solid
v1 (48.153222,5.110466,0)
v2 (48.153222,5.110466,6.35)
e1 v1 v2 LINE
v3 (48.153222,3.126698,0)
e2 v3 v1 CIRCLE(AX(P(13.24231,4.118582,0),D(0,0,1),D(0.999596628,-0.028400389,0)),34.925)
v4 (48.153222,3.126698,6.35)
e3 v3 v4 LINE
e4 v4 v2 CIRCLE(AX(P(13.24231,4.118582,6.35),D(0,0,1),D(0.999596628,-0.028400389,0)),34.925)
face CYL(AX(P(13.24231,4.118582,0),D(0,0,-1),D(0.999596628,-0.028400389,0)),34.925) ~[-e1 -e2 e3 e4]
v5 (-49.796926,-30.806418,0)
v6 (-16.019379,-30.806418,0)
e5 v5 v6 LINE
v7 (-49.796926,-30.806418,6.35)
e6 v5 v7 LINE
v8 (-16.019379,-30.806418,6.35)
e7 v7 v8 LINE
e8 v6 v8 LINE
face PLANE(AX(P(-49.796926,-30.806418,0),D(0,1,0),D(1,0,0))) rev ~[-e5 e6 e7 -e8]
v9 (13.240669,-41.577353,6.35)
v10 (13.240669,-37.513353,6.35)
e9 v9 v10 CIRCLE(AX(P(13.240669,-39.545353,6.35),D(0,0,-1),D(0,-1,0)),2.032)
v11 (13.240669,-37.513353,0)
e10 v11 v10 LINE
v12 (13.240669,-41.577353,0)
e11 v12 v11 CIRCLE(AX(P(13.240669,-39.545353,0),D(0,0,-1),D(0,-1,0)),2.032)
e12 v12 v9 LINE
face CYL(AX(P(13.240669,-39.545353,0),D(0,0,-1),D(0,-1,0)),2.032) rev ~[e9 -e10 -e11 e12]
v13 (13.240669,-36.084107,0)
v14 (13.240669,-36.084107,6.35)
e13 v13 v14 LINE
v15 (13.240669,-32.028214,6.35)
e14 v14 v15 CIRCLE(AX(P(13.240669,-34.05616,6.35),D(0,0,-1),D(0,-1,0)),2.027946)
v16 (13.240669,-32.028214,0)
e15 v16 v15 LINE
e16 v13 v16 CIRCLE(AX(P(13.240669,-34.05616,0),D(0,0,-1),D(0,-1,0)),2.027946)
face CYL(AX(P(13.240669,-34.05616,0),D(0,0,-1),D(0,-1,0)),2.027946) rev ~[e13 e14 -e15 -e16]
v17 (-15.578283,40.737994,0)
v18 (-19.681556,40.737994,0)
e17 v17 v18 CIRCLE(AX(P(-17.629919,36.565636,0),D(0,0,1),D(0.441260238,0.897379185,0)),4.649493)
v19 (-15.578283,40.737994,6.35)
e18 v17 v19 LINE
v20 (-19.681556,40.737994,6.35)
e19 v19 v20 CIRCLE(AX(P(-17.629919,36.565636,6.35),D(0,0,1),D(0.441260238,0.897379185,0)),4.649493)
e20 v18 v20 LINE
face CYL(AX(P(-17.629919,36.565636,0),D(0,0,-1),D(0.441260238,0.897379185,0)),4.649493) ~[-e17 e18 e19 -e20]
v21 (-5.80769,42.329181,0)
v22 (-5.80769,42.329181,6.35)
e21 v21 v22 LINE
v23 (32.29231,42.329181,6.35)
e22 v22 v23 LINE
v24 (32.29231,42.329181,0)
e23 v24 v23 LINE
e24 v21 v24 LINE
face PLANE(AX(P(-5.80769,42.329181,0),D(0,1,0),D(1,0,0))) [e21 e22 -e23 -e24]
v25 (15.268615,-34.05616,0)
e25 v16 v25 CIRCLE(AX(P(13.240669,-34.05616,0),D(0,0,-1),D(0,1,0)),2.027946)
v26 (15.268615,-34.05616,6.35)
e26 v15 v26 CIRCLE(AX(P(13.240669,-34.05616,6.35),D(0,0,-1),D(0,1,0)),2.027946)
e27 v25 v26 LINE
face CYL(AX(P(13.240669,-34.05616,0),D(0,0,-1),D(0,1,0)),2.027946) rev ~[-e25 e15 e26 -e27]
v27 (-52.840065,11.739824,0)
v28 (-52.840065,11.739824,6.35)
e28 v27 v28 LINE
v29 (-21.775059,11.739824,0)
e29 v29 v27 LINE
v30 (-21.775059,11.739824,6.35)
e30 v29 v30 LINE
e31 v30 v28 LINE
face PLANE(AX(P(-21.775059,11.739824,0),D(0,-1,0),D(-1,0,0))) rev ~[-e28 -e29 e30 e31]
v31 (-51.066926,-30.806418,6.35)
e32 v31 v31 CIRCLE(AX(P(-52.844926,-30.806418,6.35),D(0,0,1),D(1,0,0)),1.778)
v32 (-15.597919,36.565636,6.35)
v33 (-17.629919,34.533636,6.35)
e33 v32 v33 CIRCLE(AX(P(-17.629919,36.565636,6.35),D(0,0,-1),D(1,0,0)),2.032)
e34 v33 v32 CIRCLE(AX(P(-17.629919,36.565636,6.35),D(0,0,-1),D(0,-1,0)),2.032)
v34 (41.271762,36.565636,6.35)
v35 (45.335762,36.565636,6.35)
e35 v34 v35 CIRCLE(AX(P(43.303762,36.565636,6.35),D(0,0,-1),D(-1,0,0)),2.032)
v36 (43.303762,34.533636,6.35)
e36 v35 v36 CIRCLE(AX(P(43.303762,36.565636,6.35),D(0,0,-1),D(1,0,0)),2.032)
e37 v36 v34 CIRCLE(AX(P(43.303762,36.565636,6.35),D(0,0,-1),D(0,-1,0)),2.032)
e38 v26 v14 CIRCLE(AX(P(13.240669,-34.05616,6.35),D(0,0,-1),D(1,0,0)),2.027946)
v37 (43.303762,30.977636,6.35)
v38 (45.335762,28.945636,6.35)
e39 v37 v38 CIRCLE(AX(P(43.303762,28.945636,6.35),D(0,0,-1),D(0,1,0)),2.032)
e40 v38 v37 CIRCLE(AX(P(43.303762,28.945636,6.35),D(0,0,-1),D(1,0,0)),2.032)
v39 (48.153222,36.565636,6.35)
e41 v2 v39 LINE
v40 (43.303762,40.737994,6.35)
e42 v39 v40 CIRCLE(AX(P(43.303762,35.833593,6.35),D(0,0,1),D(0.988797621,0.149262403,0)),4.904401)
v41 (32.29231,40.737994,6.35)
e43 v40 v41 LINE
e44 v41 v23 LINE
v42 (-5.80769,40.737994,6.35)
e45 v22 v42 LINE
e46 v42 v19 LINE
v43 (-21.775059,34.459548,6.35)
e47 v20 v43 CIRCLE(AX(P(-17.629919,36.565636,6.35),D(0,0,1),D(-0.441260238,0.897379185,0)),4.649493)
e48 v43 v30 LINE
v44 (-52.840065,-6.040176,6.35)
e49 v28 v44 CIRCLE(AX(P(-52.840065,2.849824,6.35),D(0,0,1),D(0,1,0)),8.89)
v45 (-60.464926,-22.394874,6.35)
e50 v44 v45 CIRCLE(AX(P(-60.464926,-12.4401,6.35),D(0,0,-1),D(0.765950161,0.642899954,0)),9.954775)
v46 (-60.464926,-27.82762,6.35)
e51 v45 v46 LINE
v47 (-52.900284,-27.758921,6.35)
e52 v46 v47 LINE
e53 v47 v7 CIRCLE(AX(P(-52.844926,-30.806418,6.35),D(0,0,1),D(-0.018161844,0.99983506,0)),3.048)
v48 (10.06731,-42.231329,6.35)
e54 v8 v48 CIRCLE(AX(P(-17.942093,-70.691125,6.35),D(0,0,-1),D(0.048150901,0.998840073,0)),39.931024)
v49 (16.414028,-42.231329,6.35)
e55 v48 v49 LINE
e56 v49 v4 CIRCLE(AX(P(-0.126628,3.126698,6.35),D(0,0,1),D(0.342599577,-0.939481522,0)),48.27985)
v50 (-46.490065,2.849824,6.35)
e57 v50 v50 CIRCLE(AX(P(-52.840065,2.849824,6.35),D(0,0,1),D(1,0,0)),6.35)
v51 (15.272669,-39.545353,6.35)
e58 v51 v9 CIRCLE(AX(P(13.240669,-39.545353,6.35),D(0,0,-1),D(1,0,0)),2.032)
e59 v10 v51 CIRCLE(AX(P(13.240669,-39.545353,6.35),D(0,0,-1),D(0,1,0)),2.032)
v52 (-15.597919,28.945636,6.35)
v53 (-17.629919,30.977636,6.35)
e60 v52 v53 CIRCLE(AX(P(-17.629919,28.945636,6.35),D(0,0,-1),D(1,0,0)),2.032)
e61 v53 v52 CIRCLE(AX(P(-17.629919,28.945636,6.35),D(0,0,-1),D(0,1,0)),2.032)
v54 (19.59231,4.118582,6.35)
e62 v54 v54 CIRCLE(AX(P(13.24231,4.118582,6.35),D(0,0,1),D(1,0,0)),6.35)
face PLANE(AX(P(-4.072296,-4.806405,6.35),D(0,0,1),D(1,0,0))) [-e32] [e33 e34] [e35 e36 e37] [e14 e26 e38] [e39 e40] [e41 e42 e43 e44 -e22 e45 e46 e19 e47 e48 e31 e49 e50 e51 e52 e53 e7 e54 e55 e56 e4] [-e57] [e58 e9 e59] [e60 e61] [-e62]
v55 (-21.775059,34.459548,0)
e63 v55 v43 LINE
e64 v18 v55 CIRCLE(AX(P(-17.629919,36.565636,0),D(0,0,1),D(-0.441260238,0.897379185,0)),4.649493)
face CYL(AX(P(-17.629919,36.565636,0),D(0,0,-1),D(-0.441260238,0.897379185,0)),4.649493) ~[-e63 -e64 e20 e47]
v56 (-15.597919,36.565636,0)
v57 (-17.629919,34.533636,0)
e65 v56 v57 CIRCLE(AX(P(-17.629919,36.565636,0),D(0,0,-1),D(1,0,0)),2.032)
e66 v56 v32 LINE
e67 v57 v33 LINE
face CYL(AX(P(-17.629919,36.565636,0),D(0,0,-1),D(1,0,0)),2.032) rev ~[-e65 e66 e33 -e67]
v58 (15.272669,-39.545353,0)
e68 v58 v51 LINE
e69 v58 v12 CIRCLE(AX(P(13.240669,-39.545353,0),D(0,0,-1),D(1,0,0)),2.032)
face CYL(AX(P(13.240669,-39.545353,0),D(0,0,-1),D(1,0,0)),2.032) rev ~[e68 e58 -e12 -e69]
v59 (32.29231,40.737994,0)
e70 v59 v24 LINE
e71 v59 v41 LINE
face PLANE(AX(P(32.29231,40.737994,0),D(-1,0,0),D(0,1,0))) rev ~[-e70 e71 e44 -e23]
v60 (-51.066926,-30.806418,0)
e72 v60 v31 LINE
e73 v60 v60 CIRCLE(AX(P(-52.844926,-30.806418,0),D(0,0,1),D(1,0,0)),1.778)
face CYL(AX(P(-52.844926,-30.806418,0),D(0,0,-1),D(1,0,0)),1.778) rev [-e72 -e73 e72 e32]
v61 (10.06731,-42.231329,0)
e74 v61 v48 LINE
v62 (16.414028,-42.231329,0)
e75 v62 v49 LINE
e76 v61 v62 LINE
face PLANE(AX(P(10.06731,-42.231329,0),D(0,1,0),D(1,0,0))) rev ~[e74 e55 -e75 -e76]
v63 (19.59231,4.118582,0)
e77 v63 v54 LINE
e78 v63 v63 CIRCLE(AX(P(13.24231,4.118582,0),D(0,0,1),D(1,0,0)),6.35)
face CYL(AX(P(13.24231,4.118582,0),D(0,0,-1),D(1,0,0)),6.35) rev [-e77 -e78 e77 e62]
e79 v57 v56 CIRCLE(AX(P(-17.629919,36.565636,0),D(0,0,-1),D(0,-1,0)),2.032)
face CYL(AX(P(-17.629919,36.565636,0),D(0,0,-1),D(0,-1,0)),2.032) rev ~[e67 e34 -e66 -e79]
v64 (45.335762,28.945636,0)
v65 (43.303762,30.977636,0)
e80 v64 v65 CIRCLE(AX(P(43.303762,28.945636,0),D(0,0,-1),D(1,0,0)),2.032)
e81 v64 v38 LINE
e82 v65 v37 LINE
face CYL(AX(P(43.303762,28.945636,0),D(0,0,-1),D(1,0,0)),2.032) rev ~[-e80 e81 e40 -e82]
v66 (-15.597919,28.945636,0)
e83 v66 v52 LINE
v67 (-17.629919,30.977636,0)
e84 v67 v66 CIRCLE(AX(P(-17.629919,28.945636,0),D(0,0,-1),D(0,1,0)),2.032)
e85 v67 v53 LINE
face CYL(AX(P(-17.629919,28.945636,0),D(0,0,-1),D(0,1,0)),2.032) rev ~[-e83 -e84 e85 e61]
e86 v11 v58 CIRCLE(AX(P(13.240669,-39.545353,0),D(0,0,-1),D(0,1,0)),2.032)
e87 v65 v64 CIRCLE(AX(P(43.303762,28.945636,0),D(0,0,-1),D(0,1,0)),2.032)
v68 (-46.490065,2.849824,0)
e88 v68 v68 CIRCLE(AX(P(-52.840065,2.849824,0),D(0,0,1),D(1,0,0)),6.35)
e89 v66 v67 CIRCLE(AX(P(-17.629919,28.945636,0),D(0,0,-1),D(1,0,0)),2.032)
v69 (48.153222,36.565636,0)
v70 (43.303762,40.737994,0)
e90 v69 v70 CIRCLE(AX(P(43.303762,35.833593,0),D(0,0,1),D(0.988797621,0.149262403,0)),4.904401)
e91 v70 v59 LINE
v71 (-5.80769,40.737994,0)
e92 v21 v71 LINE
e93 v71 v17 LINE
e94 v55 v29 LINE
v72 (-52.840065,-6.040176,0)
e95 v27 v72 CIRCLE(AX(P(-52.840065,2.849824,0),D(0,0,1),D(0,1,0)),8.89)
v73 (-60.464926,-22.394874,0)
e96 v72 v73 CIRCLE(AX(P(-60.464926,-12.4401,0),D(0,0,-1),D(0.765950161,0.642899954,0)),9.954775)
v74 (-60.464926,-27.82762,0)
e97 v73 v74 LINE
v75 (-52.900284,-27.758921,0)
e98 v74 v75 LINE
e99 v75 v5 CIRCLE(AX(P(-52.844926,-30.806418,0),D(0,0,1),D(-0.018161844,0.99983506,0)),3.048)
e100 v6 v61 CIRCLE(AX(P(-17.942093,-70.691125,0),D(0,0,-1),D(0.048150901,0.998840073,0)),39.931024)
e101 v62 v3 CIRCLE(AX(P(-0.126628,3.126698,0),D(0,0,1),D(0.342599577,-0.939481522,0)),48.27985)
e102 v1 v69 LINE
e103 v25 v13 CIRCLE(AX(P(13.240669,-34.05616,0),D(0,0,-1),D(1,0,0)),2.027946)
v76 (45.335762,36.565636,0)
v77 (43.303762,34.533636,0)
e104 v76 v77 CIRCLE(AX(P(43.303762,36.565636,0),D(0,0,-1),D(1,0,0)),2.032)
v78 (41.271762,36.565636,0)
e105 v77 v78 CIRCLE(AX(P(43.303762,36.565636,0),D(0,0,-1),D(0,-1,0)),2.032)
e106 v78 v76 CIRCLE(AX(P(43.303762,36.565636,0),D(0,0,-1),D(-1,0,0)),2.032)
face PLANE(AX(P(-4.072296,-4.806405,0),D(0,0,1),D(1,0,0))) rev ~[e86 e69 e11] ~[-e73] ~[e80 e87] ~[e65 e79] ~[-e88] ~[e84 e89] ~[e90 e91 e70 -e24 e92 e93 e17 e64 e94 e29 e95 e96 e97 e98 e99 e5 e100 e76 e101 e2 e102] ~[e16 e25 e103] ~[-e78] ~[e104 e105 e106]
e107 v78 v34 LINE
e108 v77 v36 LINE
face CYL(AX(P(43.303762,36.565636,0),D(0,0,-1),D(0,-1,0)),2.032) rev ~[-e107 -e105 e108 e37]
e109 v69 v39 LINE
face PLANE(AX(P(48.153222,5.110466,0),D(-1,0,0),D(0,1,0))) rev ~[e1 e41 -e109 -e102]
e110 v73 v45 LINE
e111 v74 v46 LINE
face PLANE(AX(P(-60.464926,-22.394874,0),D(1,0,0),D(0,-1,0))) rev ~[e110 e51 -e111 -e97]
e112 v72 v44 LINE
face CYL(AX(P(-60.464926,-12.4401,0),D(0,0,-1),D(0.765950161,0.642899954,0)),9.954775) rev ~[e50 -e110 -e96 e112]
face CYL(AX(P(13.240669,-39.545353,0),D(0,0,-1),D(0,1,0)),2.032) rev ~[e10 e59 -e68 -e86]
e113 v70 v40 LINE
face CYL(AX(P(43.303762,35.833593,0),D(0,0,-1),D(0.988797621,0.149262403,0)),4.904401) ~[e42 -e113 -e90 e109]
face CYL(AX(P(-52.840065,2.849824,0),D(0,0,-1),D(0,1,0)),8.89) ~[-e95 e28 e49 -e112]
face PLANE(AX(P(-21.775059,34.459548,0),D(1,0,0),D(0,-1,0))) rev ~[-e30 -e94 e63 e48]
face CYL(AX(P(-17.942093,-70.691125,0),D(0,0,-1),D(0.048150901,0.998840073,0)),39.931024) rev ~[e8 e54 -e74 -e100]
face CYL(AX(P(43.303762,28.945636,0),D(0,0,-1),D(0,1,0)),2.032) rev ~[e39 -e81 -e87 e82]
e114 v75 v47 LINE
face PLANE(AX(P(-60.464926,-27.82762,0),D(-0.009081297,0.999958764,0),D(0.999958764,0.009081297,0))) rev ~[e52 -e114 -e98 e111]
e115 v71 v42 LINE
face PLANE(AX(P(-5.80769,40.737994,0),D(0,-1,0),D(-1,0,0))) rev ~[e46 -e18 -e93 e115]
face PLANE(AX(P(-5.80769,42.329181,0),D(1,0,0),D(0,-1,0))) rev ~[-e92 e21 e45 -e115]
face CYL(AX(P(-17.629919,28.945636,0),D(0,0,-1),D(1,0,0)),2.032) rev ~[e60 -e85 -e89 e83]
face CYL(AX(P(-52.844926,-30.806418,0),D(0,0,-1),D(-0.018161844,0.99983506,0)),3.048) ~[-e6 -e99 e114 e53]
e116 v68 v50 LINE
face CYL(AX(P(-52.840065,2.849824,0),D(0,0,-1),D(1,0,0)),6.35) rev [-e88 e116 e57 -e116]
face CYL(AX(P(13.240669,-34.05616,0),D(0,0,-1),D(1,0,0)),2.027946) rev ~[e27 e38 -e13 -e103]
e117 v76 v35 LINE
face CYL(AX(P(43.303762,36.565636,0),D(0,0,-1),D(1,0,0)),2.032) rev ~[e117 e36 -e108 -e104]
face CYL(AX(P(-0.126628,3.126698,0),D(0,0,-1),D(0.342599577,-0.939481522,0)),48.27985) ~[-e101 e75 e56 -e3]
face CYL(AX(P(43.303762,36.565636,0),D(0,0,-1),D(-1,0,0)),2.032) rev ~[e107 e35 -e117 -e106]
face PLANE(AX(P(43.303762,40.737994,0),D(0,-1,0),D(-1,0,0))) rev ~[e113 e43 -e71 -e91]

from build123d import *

# Parameters (mm, degrees)
F0_R     = 1.778
F0_R_2   = 6.35
F0_W     = 38.1
F0_H     = 1.5911871894
F1_DEPTH = 6.35


with BuildPart() as f1:
    # F0 (on Top) → F1 (new body)
    with BuildSketch(Plane.XY):
        with BuildLine():
            Line((16.4140281489, -30.8064179522), (16.4140281489, -30.6620997704))
            ThreePointArc((16.4140281489, -30.6620997704), (38.6980048273, -19.7929887048), (48.1532220223, 3.1266984605))
            Line((48.1532220223, 3.1266984605), (48.1532220223, 5.1104656351))
            ThreePointArc((48.1532220223, 5.1104656351), (44.4486160884, 19.800484772), (34.8719360944, 31.5396486119))
            Line((34.8719360944, 31.5396486119), (32.2923098035, 36.5656356997))
            Line((32.2923098035, 36.5656356997), (32.2923098035, 40.7379940159))
            Line((32.2923098035, 40.7379940159), (-5.8076901965, 40.7379940159))
            Line((-5.8076901965, 40.7379940159), (-5.8076901965, 36.5656356997))
            Line((-5.8076901965, 36.5656356997), (-8.3873164875, 31.5396486119))
            ThreePointArc((-8.3873164875, 31.5396486119), (-18.0627806357, 19.7145570203), (-21.7750586109, 4.893410308))
            ThreePointArc((-21.7750586109, 4.893410308), (-21.4769400323, -0.6314389882), (-20.311434257, -6.0401755062))
            ThreePointArc((-20.311434257, -6.0401755062), (-16.1913746397, -14.967065801), (-9.7499520252, -22.3948741107))
            Line((-9.7499520252, -22.3948741107), (-52.8449263588, -22.3948741107))
            Line((-52.8449263588, -22.3948741107), (-60.4649263588, -22.3948741107))
            Line((-60.4649263588, -22.3948741107), (-60.4649263588, -27.8276202867))
            Line((-60.4649263588, -27.8276202867), (-52.9002836607, -27.758920689))
            ThreePointArc((-52.9002836607, -27.758920689), (-54.980526385, -32.9811631161), (-49.7969263588, -30.8064179522))
            Line((-49.7969263588, -30.8064179522), (-19.8648082777, -30.8064179522))
            ThreePointArc((-19.8648082777, -30.8064179522), (-17.9420934961, -30.7601008655), (-16.0193787145, -30.8064179522))
            Line((-16.0193787145, -30.8064179522), (10.0673098035, -30.8064179522))
            Line((10.0673098035, -30.8064179522), (13.2406689762, -30.8064179522))
            Line((13.2406689762, -30.8064179522), (16.4140281489, -30.8064179522))
        make_face()
        with Locations((-52.8449263588, -30.8064179522)):
            Circle(F0_R, mode=Mode.SUBTRACT)
        with Locations((13.2423098035, 4.1185820478)):
            Circle(F0_R_2, mode=Mode.SUBTRACT)
        with BuildLine():
            ThreePointArc((48.1532220223, 3.1266984605), (38.6980048273, -19.7929887048), (16.4140281489, -30.6620997704))
            Line((16.4140281489, -30.6620997704), (16.4140281489, -30.8064179522))
            Line((16.4140281489, -30.8064179522), (16.4140281489, -42.2313285658))
            ThreePointArc((16.4140281489, -42.2313285658), (39.4304466926, -24.5532899944), (48.1532220223, 3.1266984605))
        make_face()
        with BuildLine():
            Line((48.1532220223, 5.1104656351), (48.1532220223, 3.1266984605))
            ThreePointArc((48.1532220223, 3.1266984605), (48.1673098035, 4.1185820478), (48.1532220223, 5.1104656351))
        make_face()
        with BuildLine():
            Line((16.4140281489, -42.2313285658), (16.4140281489, -30.8064179522))
            Line((16.4140281489, -30.8064179522), (13.2406689762, -30.8064179522))
            Line((13.2406689762, -30.8064179522), (13.2406689762, -32.0282139509))
            ThreePointArc((13.2406689762, -32.0282139509), (14.6746436477, -32.6221857079), (15.2686154047, -34.0561603794))
            ThreePointArc((15.2686154047, -34.0561603794), (14.6746436477, -35.4901350508), (13.2406689762, -36.0841068079))
            Line((13.2406689762, -36.0841068079), (13.2406689762, -37.5133532824))
            ThreePointArc((13.2406689762, -37.5133532824), (14.6775099555, -38.108512303), (15.2726689762, -39.5453532824))
            ThreePointArc((15.2726689762, -39.5453532824), (14.6775099555, -40.9821942618), (13.2406689762, -41.5773532824))
            Line((13.2406689762, -41.5773532824), (13.2406689762, -42.2313285658))
            Line((13.2406689762, -42.2313285658), (16.4140281489, -42.2313285658))
        make_face()
        with BuildLine():
            ThreePointArc((34.8719360944, 31.5396486119), (44.4486160884, 19.800484772), (48.1532220223, 5.1104656351))
            Line((48.1532220223, 5.1104656351), (48.1532220223, 36.5656356997))
            ThreePointArc((48.1532220223, 36.5656356997), (46.5024271992, 39.5513463721), (43.3037619874, 40.7379940159))
            Line((43.3037619874, 40.7379940159), (32.2923098035, 40.7379940159))
            Line((32.2923098035, 40.7379940159), (32.2923098035, 36.5656356997))
            Line((32.2923098035, 36.5656356997), (34.8719360944, 31.5396486119))
        make_face()
        with BuildLine():
            ThreePointArc((45.3357619874, 28.9456356997), (41.866921008, 27.5087947203), (43.3037619874, 30.9776356997))
            ThreePointArc((43.3037619874, 30.9776356997), (44.7406029667, 30.3824766791), (45.3357619874, 28.9456356997))
        make_face(mode=Mode.SUBTRACT)
        with BuildLine():
            ThreePointArc((43.3037619874, 34.5336356997), (41.866921008, 35.1287947203), (41.2717619874, 36.5656356997))
            ThreePointArc((41.2717619874, 36.5656356997), (43.3037619874, 38.5976356997), (45.3357619874, 36.5656356997))
            ThreePointArc((45.3357619874, 36.5656356997), (44.7406029667, 35.1287947203), (43.3037619874, 34.5336356997))
        make_face(mode=Mode.SUBTRACT)
        with BuildLine():
            Line((13.2406689762, -32.0282139509), (13.2406689762, -30.8064179522))
            Line((13.2406689762, -30.8064179522), (10.0673098035, -30.8064179522))
            Line((10.0673098035, -30.8064179522), (10.0673098035, -42.2313285658))
            Line((10.0673098035, -42.2313285658), (13.2406689762, -42.2313285658))
            Line((13.2406689762, -42.2313285658), (13.2406689762, -41.5773532824))
            ThreePointArc((13.2406689762, -41.5773532824), (11.2086689762, -39.5453532824), (13.2406689762, -37.5133532824))
            Line((13.2406689762, -37.5133532824), (13.2406689762, -36.0841068079))
            ThreePointArc((13.2406689762, -36.0841068079), (11.2127225477, -34.0561603794), (13.2406689762, -32.0282139509))
        make_face()
        with BuildLine():
            Line((10.0673098035, -42.2313285658), (10.0673098035, -30.8064179522))
            Line((10.0673098035, -30.8064179522), (-16.0193787145, -30.8064179522))
            ThreePointArc((-16.0193787145, -30.8064179522), (-1.9228841261, -34.1141975872), (10.0673098035, -42.2313285658))
        make_face()
        with BuildLine():
            Line((-19.8648082777, -30.8064179522), (-16.0193787145, -30.8064179522))
            ThreePointArc((-16.0193787145, -30.8064179522), (-17.9420934961, -30.7601008655), (-19.8648082777, -30.8064179522))
        make_face()
        with Locations((13.2423098035, 41.5335876106)):
            Rectangle(F0_W, F0_H)
        with BuildLine():
            Line((-5.8076901965, 36.5656356997), (-5.8076901965, 40.7379940159))
            Line((-5.8076901965, 40.7379940159), (-15.5782827911, 40.7379940159))
            Line((-15.5782827911, 40.7379940159), (-19.681555644, 40.7379940159))
            ThreePointArc((-19.681555644, 40.7379940159), (-22.040670707, 38.0363692731), (-21.7750586109, 34.4595480103))
            Line((-21.7750586109, 34.4595480103), (-21.7750586109, 11.7398244938))
            Line((-21.7750586109, 11.7398244938), (-21.7750586109, 4.893410308))
            ThreePointArc((-21.7750586109, 4.893410308), (-18.0627806357, 19.7145570203), (-8.3873164875, 31.5396486119))
            Line((-8.3873164875, 31.5396486119), (-5.8076901965, 36.5656356997))
        make_face()
        with BuildLine():
            ThreePointArc((-15.5979192176, 28.9456356997), (-19.0667601969, 27.5087947203), (-17.6299192176, 30.9776356997))
            ThreePointArc((-17.6299192176, 30.9776356997), (-16.1930782382, 30.3824766791), (-15.5979192176, 28.9456356997))
        make_face(mode=Mode.SUBTRACT)
        with BuildLine():
            ThreePointArc((-17.6299192176, 34.5336356997), (-19.0667601969, 38.0024766791), (-15.5979192176, 36.5656356997))
            ThreePointArc((-15.5979192176, 36.5656356997), (-16.1930782382, 35.1287947203), (-17.6299192176, 34.5336356997))
        make_face(mode=Mode.SUBTRACT)
        with BuildLine():
            Line((-19.681555644, 40.7379940159), (-15.5782827911, 40.7379940159))
            ThreePointArc((-15.5782827911, 40.7379940159), (-17.6299192176, 41.2151287844), (-19.681555644, 40.7379940159))
        make_face()
        with BuildLine():
            ThreePointArc((-20.311434257, -6.0401755062), (-21.4769400323, -0.6314389882), (-21.7750586109, 4.893410308))
            Line((-21.7750586109, 4.893410308), (-21.7750586109, 11.7398244938))
            Line((-21.7750586109, 11.7398244938), (-52.8400652111, 11.7398244938))
            ThreePointArc((-52.8400652111, 11.7398244938), (-61.7300652111, 2.8498244938), (-52.8400652111, -6.0401755062))
            Line((-52.8400652111, -6.0401755062), (-20.311434257, -6.0401755062))
        make_face()
        with Locations((-52.8400652111, 2.8498244938)):
            Circle(F0_R_2, mode=Mode.SUBTRACT)
        with BuildLine():
            ThreePointArc((-52.8400652111, -6.0401755062), (-51.4425282025, -16.6465074734), (-60.4649263588, -22.3948741107))
            Line((-60.4649263588, -22.3948741107), (-52.8449263588, -22.3948741107))
            Line((-52.8449263588, -22.3948741107), (-9.7499520252, -22.3948741107))
            ThreePointArc((-9.7499520252, -22.3948741107), (-16.1913746397, -14.967065801), (-20.311434257, -6.0401755062))
            Line((-20.311434257, -6.0401755062), (-52.8400652111, -6.0401755062))
        make_face()
    extrude(amount=F1_DEPTH)


solid = f1.part
